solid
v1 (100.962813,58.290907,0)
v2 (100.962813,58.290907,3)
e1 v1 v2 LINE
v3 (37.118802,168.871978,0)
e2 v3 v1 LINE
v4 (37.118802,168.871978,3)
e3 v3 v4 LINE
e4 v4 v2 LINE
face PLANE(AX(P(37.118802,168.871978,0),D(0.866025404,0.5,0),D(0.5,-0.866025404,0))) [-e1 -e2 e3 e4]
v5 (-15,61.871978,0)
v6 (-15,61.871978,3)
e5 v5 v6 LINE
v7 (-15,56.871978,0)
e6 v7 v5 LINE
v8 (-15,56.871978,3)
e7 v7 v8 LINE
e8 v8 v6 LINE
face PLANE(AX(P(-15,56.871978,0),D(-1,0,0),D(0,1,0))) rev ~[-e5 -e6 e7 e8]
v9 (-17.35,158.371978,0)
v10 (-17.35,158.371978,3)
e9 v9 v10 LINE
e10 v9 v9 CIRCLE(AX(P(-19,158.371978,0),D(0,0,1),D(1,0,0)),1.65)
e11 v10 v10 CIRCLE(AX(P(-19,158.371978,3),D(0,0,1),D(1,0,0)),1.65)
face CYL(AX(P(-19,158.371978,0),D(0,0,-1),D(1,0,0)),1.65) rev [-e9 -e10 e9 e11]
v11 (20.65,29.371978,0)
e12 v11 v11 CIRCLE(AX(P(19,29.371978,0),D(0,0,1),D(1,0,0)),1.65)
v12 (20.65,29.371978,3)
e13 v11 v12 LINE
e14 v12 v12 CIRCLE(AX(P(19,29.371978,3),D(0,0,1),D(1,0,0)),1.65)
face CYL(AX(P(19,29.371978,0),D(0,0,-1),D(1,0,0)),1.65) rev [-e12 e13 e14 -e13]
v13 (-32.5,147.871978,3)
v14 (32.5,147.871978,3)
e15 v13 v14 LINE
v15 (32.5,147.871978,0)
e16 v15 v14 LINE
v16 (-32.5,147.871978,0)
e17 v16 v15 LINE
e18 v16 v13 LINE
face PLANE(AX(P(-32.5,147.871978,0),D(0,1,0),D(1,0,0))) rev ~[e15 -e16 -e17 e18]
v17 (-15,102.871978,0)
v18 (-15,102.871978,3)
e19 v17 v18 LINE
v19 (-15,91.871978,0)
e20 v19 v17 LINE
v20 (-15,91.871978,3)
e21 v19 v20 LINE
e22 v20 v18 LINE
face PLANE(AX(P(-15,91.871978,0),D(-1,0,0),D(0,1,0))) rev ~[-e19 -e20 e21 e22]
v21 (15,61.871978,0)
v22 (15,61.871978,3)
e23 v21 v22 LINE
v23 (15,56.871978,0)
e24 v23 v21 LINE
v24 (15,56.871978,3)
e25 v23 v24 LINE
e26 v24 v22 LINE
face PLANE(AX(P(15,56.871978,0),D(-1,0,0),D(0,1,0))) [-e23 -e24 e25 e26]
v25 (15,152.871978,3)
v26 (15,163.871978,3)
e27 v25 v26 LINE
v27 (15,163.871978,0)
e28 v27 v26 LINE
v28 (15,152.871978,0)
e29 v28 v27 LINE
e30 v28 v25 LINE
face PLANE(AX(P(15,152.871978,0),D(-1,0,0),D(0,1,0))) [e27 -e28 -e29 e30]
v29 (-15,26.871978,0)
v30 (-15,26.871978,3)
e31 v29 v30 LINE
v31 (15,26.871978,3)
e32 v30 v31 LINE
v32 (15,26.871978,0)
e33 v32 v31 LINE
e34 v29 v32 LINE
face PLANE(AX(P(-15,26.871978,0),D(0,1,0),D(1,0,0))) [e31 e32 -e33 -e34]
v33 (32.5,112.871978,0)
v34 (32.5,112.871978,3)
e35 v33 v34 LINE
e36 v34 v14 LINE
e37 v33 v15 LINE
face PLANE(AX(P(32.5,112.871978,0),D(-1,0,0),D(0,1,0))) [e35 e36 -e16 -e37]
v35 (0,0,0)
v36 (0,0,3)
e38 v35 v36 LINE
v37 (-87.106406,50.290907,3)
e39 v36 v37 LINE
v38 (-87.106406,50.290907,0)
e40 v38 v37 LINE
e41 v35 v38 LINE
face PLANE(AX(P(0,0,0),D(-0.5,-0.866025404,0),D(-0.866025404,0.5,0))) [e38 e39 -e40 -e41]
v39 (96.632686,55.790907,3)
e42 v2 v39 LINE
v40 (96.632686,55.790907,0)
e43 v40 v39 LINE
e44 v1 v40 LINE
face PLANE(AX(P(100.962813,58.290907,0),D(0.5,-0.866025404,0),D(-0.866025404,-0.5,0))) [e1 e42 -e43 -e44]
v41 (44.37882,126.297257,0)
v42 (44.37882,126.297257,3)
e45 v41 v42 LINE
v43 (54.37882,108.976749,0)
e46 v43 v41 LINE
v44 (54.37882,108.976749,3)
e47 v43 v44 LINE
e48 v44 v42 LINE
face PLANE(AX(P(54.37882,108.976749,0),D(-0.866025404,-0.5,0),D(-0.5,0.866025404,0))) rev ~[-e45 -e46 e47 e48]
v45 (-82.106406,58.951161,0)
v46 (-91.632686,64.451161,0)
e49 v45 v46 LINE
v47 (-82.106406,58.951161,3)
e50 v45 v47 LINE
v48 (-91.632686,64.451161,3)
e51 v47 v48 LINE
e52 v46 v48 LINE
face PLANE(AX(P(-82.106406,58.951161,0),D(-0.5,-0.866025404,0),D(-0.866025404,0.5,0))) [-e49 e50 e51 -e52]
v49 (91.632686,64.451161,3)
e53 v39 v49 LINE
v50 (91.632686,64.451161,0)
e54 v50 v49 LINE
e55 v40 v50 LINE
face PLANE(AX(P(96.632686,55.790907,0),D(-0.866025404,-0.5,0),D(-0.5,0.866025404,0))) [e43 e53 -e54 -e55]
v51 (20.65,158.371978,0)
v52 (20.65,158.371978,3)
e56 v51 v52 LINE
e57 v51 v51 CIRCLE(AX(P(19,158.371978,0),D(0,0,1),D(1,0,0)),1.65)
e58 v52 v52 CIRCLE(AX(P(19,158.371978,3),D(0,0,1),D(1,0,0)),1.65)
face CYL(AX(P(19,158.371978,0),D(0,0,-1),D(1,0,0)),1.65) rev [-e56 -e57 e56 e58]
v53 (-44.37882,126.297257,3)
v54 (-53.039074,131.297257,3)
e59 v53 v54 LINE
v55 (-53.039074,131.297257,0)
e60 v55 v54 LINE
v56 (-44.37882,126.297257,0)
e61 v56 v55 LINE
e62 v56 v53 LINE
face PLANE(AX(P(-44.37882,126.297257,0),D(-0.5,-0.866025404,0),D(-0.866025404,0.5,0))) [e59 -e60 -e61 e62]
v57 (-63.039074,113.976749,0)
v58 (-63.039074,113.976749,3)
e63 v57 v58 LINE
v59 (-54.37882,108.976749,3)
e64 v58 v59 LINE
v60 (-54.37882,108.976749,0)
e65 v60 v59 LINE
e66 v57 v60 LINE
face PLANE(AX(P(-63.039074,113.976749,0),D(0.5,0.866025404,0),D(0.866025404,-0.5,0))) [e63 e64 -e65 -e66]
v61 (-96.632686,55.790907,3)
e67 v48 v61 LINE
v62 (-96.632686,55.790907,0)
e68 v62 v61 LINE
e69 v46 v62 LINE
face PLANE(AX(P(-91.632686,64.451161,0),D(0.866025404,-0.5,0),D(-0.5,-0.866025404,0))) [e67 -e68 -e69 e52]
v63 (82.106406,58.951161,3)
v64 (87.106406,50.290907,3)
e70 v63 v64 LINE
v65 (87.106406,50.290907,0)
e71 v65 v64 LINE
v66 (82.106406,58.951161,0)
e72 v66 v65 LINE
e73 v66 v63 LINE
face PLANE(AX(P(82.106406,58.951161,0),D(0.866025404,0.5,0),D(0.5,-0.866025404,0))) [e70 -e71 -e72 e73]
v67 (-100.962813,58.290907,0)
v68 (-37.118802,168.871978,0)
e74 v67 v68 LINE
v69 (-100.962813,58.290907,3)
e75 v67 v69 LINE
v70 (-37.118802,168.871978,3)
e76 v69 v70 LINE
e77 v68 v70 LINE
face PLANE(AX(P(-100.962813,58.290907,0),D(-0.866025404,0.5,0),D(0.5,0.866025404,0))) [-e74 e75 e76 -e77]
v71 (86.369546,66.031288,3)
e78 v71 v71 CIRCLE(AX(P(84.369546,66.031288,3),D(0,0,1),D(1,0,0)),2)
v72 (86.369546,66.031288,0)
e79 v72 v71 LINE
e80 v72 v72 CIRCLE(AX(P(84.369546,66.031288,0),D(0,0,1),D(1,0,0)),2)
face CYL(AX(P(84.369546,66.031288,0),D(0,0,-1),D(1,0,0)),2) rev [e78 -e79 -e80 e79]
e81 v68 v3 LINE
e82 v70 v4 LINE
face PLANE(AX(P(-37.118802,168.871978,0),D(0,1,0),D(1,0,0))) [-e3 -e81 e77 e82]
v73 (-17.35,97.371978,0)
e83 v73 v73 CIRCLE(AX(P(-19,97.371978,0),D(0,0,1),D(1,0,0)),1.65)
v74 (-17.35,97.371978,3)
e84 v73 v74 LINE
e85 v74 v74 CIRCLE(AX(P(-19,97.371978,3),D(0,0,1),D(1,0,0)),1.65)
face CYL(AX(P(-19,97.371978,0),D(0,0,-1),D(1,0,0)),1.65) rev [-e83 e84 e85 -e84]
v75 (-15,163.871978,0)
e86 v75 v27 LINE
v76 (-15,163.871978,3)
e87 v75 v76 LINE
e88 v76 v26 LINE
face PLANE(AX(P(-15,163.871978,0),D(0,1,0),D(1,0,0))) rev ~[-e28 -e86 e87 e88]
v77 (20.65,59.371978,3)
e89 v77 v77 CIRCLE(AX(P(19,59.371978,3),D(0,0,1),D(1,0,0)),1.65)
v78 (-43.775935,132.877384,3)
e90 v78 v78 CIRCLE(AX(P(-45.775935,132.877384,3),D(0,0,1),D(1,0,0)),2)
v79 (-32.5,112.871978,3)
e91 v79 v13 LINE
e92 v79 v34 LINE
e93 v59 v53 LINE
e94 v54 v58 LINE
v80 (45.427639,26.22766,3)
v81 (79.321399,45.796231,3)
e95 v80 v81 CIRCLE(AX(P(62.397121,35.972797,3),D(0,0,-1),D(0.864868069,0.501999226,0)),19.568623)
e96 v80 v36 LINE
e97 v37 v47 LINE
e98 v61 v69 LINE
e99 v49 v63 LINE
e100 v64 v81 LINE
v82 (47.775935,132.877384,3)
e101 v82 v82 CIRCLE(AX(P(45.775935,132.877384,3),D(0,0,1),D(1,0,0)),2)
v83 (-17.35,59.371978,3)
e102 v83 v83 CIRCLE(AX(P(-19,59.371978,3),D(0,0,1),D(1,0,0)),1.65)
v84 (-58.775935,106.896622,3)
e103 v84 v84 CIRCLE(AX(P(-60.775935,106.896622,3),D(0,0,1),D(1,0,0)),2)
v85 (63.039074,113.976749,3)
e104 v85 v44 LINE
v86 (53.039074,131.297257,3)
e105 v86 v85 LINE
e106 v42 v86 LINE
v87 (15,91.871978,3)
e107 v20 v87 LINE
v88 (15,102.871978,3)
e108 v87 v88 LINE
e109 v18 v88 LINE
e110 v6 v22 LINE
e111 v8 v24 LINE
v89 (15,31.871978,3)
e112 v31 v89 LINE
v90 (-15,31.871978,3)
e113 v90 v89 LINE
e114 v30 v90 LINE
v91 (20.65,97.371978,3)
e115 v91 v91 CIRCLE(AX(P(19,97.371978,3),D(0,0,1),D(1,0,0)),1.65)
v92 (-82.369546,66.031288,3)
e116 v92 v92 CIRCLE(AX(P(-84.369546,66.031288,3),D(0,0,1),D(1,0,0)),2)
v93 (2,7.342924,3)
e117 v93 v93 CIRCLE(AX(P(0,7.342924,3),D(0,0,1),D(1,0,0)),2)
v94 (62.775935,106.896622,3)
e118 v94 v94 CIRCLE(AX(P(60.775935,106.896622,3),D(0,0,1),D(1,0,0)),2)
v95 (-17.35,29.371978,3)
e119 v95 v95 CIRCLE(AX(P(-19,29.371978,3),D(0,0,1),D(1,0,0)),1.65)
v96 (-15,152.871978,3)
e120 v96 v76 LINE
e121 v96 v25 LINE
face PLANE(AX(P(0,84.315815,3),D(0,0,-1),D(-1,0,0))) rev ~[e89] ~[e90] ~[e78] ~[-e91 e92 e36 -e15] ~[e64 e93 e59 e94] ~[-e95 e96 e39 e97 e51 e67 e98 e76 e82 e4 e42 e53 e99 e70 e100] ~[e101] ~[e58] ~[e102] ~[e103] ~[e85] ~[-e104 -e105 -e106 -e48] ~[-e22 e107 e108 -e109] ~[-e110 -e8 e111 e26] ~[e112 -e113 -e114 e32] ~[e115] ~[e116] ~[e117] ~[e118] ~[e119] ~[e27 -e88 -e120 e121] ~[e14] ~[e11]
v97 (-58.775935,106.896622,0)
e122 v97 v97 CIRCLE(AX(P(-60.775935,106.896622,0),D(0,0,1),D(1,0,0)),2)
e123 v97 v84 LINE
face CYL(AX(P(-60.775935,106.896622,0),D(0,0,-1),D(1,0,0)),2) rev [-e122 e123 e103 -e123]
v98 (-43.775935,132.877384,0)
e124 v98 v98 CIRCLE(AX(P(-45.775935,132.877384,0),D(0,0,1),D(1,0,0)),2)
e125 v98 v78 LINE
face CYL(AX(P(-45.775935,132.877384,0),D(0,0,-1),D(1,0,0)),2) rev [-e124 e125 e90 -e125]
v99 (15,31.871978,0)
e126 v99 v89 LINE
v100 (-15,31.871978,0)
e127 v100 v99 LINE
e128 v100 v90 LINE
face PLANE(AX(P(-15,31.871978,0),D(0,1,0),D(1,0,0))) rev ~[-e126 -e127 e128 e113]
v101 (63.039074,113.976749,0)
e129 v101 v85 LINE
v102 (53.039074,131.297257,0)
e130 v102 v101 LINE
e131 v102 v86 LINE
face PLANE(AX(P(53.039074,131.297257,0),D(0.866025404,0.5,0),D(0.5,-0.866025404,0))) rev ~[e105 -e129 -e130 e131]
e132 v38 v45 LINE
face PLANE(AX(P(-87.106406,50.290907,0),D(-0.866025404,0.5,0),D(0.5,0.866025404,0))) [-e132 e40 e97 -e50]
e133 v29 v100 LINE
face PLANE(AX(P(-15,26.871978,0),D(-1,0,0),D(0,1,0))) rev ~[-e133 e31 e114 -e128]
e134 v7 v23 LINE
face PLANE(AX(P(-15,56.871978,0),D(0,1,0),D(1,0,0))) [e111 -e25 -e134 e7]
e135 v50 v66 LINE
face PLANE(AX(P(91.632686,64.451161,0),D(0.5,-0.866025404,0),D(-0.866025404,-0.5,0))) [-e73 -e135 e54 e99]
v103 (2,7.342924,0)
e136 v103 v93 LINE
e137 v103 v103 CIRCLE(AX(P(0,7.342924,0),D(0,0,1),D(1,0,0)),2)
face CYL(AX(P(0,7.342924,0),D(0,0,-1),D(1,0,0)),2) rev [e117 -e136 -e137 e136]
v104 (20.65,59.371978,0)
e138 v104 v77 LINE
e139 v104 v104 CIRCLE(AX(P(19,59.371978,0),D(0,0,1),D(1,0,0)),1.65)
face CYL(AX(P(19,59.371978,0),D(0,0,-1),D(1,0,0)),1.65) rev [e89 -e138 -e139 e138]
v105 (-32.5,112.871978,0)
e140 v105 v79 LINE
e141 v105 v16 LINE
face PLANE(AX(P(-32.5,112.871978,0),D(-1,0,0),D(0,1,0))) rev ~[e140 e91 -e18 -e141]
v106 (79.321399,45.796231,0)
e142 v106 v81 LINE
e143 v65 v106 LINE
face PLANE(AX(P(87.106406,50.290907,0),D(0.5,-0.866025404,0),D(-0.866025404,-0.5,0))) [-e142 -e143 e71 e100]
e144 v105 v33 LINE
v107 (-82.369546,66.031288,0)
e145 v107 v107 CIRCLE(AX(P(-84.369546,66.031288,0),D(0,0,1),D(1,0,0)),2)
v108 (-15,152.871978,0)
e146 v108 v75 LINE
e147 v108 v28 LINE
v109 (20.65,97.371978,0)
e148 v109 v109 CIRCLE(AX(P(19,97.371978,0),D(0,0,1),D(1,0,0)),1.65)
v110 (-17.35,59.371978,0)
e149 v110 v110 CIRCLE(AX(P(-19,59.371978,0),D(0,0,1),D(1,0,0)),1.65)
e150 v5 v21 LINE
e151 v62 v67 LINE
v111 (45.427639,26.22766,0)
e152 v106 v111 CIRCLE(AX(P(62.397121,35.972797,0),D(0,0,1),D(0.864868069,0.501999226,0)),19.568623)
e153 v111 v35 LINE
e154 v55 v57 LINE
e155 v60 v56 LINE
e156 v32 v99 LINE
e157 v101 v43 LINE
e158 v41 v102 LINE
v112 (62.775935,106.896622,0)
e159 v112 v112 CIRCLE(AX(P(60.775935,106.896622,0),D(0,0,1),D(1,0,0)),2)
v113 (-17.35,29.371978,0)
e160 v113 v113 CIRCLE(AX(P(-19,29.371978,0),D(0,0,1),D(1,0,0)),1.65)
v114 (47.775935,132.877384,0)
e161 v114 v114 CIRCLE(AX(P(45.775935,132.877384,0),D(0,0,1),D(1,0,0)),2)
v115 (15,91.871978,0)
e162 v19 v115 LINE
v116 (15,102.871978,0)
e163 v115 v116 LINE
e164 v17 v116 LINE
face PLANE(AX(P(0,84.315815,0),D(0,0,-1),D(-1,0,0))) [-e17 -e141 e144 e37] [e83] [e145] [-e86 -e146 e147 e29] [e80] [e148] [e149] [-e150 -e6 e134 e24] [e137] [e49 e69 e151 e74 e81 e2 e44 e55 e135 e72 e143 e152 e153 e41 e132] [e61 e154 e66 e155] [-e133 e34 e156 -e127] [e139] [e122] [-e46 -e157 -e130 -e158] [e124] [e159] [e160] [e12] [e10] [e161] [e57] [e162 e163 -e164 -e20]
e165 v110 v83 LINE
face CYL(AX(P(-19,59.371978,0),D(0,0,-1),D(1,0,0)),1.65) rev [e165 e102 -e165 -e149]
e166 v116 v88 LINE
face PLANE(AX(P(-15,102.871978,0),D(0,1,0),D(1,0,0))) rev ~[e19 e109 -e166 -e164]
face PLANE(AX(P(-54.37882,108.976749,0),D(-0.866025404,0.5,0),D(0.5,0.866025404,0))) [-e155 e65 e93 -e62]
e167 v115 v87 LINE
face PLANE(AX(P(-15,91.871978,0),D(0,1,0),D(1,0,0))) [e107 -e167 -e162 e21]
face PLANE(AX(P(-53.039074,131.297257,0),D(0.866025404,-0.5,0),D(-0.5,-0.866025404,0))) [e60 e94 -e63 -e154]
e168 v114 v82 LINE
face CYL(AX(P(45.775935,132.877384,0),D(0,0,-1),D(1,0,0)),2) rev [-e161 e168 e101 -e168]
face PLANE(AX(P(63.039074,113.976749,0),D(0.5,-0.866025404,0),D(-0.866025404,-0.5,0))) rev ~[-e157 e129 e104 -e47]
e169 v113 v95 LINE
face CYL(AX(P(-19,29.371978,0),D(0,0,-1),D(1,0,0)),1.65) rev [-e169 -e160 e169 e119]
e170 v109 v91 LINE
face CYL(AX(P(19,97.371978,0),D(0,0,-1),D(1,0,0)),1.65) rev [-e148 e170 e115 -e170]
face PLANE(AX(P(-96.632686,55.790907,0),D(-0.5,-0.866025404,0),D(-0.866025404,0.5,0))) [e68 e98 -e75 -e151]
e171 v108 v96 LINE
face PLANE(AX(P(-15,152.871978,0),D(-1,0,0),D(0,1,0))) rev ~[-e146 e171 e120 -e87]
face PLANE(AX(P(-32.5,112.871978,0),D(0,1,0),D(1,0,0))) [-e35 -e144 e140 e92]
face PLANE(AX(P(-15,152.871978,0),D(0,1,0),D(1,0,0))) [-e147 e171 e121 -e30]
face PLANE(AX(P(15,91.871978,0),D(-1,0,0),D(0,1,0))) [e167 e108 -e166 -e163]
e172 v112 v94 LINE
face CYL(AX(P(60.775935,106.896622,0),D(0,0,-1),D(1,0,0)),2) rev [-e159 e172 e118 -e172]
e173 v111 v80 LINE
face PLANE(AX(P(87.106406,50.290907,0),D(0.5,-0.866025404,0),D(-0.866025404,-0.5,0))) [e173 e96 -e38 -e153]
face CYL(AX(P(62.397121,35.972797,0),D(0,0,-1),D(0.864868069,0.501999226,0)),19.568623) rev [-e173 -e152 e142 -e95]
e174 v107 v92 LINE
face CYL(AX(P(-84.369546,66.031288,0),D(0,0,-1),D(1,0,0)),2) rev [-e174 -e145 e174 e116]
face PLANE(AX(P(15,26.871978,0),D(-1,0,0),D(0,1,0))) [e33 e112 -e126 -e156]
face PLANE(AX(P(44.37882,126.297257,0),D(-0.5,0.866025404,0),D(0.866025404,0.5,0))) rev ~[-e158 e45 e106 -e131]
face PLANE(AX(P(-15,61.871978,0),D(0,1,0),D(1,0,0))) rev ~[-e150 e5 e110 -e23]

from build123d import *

# Parameters (mm, degrees)
ESQUISSE1_R             = 2
ESQUISSE1_R_2           = 1.65
ESQUISSE1_W             = 65
ESQUISSE1_H             = 35
ESQUISSE1_W_2           = 30
ESQUISSE1_H_2           = 5
ESQUISSE1_H_3           = 11
BOSS_EXTRU_1_DEPTH      = 3
ENL_V_MAT_EXTRU_1_DEPTH = 10


with BuildPart() as part:
    # Esquisse1 → Boss.-Extru.1 (new body)
    with BuildSketch(Plane.XY):
        Polygon((37.118802154, 168.871977627), (100.962812921, 58.290907218), (96.632685902, 55.790907218), (91.632685902, 64.451161256), (82.106406461, 58.951161256), (87.106406461, 50.290907218), (0, 0), (-87.106406461, 50.290907218), (-82.106406461, 58.951161256), (-91.632685902, 64.451161256), (-96.632685902, 55.790907218), (-100.962812921, 58.290907218), (-37.118802154, 168.871977627), align=None)
        with Locations((-84.369546181, 66.031288275)):
            Circle(ESQUISSE1_R, mode=Mode.SUBTRACT)
        with Locations((84.369546181, 66.031288275)):
            Circle(ESQUISSE1_R, mode=Mode.SUBTRACT)
        with Locations((-19, 97.371977627)):
            Circle(ESQUISSE1_R_2, mode=Mode.SUBTRACT)
        with Locations((19, 97.371977627)):
            Circle(ESQUISSE1_R_2, mode=Mode.SUBTRACT)
        with Locations((19, 158.371977627)):
            Circle(ESQUISSE1_R_2, mode=Mode.SUBTRACT)
        with Locations((-19, 158.371977627)):
            Circle(ESQUISSE1_R_2, mode=Mode.SUBTRACT)
        with Locations((-19, 59.371977627)):
            Circle(ESQUISSE1_R_2, mode=Mode.SUBTRACT)
        with Locations((0, 7.342924489)):
            Circle(ESQUISSE1_R, mode=Mode.SUBTRACT)
        with Locations((19, 59.371977627)):
            Circle(ESQUISSE1_R_2, mode=Mode.SUBTRACT)
        with Locations((19, 29.371977627)):
            Circle(ESQUISSE1_R_2, mode=Mode.SUBTRACT)
        with Locations((-19, 29.371977627)):
            Circle(ESQUISSE1_R_2, mode=Mode.SUBTRACT)
        with Locations((-45.775934694, 132.877384219)):
            Circle(ESQUISSE1_R, mode=Mode.SUBTRACT)
        with Locations((-60.775934694, 106.896622105)):
            Circle(ESQUISSE1_R, mode=Mode.SUBTRACT)
        with Locations((60.775934694, 106.896622105)):
            Circle(ESQUISSE1_R, mode=Mode.SUBTRACT)
        with Locations((45.775934694, 132.877384219)):
            Circle(ESQUISSE1_R, mode=Mode.SUBTRACT)
        with Locations((0, 130.371977627)):
            Rectangle(ESQUISSE1_W, ESQUISSE1_H, mode=Mode.SUBTRACT)
        with Locations((0, 59.371977627)):
            Rectangle(ESQUISSE1_W_2, ESQUISSE1_H_2, mode=Mode.SUBTRACT)
        with Locations((0, 29.371977627)):
            Rectangle(ESQUISSE1_W_2, ESQUISSE1_H_2, mode=Mode.SUBTRACT)
        with Locations((0, 97.371977627)):
            Rectangle(ESQUISSE1_W_2, ESQUISSE1_H_3, mode=Mode.SUBTRACT)
        Polygon((-53.039074415, 131.2972572), (-63.039074415, 113.976749124), (-54.378820377, 108.976749124), (-44.378820377, 126.2972572), align=None, mode=Mode.SUBTRACT)
        Polygon((63.039074415, 113.976749124), (54.378820377, 108.976749124), (44.378820377, 126.2972572), (53.039074415, 131.2972572), align=None, mode=Mode.SUBTRACT)
        with Locations((0, 158.371977627)):
            Rectangle(ESQUISSE1_W_2, ESQUISSE1_H_3, mode=Mode.SUBTRACT)
    extrude(amount=BOSS_EXTRU_1_DEPTH)

    # Esquisse2 → Enlèv. mat.-Extru.1 (cut)
    with BuildSketch(Plane(origin=(0, 0, 0), x_dir=(-1, 0, 0), z_dir=(0, 0, -1))):
        with BuildLine():
            Line((-45.427639482, 26.227659884), (-79.321398517, 45.796230786))
            ThreePointArc((-79.321398517, 45.796230786), (-52.612809671, 52.91972186), (-45.427639482, 26.227659884))
        make_face()
    extrude(amount=-ENL_V_MAT_EXTRU_1_DEPTH, mode=Mode.SUBTRACT)


solid = part.part
